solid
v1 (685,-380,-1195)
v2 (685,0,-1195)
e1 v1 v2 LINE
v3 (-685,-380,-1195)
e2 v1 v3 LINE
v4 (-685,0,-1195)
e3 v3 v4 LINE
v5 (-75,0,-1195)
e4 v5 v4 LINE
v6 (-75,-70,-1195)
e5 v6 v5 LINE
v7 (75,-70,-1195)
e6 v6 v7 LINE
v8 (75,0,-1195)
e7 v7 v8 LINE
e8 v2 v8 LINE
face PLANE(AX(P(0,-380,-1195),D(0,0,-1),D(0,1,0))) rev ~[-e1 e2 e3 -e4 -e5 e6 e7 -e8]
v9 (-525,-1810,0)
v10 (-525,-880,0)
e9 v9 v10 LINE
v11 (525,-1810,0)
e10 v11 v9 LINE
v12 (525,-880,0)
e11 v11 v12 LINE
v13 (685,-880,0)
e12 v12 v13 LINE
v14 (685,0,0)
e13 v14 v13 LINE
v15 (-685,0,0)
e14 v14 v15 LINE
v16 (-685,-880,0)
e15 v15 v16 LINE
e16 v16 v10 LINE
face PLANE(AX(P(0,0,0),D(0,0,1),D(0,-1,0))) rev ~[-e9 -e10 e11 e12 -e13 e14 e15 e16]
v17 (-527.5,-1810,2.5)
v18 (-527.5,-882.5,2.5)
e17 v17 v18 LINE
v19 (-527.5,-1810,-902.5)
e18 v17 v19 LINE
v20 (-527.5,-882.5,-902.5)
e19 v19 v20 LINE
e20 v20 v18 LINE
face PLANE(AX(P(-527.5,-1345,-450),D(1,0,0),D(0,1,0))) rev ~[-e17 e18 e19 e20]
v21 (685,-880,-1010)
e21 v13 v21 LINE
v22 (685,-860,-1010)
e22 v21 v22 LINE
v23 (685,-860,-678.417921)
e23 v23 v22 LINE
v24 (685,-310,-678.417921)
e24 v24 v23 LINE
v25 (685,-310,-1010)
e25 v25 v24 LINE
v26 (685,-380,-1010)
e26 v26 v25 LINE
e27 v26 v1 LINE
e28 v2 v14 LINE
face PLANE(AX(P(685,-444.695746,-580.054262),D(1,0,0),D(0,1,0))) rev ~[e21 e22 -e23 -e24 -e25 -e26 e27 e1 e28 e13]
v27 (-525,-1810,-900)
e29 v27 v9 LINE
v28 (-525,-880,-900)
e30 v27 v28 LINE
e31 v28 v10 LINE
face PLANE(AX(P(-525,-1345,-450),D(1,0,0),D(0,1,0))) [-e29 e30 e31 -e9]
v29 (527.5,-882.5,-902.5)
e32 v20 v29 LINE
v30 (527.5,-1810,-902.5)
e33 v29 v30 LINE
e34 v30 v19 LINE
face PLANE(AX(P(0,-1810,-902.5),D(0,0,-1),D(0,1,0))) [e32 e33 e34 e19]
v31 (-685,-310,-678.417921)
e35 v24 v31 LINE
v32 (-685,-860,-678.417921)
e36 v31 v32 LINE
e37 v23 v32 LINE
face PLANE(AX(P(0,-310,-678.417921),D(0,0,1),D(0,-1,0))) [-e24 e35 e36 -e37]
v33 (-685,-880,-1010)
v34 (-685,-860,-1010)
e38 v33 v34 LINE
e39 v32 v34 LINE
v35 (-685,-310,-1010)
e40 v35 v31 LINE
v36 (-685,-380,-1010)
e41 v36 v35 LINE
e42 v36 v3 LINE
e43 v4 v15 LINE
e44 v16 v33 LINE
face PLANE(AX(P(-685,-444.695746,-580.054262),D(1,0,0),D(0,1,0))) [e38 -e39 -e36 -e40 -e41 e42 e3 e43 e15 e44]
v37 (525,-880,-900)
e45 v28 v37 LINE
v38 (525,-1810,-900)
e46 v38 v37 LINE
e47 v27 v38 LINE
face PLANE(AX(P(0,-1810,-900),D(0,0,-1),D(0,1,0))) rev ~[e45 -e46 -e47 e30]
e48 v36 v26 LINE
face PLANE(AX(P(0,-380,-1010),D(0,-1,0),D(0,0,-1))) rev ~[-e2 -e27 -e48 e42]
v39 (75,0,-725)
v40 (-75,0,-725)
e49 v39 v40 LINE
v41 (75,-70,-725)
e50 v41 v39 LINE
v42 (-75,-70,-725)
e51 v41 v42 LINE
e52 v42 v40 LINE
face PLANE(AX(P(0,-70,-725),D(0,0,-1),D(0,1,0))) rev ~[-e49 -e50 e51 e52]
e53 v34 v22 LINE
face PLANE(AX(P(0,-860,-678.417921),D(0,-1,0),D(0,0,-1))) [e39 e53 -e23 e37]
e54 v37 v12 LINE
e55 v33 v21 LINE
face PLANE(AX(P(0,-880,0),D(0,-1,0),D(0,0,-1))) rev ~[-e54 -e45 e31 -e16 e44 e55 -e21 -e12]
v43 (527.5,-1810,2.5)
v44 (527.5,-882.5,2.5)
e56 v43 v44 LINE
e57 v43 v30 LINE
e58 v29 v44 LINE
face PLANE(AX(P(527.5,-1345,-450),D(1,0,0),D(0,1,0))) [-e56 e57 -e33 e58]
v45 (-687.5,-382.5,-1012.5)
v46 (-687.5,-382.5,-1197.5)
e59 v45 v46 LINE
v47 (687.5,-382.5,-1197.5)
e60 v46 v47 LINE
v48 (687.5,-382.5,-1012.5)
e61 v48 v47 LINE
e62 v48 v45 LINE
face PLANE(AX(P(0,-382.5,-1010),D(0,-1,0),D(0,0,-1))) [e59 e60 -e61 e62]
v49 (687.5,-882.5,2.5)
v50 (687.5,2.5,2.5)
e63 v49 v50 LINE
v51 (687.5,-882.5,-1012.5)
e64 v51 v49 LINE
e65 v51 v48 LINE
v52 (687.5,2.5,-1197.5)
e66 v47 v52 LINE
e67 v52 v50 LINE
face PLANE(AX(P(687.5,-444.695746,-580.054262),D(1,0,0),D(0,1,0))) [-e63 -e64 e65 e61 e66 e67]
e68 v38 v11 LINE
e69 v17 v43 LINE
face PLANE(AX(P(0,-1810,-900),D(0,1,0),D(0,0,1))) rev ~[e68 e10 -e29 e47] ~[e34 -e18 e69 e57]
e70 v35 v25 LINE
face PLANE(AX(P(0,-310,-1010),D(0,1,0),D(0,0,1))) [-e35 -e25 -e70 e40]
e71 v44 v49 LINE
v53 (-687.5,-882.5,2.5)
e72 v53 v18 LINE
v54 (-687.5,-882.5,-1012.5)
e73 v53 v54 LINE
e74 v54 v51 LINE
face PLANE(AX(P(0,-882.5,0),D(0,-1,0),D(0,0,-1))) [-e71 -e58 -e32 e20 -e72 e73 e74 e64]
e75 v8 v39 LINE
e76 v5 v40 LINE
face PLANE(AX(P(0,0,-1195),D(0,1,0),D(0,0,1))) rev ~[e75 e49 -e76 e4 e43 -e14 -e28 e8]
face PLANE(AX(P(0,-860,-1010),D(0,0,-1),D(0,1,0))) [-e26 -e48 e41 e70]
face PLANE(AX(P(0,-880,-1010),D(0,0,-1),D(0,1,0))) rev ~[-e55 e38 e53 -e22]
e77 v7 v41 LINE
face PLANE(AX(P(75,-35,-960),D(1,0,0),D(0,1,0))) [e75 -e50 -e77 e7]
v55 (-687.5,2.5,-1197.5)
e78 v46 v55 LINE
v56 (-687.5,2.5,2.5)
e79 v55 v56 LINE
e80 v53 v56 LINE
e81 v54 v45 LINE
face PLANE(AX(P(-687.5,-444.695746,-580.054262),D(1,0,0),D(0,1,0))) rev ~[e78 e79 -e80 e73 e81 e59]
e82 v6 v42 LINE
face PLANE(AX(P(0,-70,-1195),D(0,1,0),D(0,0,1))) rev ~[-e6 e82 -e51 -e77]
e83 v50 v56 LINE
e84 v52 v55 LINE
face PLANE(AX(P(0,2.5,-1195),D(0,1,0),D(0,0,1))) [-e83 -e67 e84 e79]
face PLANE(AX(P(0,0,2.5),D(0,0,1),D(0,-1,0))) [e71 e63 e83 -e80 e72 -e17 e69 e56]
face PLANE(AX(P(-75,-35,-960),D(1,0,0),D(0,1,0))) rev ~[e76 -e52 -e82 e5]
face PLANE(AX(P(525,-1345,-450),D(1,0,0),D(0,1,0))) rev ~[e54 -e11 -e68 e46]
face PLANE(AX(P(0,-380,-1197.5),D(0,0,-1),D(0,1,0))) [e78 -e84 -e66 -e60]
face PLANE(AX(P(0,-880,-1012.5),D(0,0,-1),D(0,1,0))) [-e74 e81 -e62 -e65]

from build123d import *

# Parameters (mm, degrees)
F0_W     = 70
F0_H     = 470
F1_DEPTH = 685
F0_W_2   = 930
F0_H_2   = 900
F2_DEPTH = 525
F3_T     = 2.5
F4_DEPTH = 685
F5_DEPTH = 75


with BuildPart() as f1:
    # F0 (on Right) → F1 (new body, symmetric)
    with BuildSketch(Plane.YZ):
        Polygon((0, -725), (0, 0), (-880, 0), (-880, -900), (-880, -1010), (-860, -1010), (-860, -678.4179210663), (-310, -678.4179210663), (-310, -1010), (-380, -1010), (-380, -1195), (-70, -1195), (-70, -725), align=None)
        with Locations((-35, -960)):
            Rectangle(F0_W, F0_H)
        Polygon((-860, -678.4179210663), (-860, -1010), (-380, -1010), (-310, -1010), (-310, -678.4179210663), align=None)
    extrude(amount=F1_DEPTH, both=True)

    # F0 (on Right) → F2 (join, symmetric)
    with BuildSketch(Plane.YZ):
        with Locations((-1345, -450)):
            Rectangle(F0_W_2, F0_H_2)
    extrude(amount=F2_DEPTH, both=True)

    # F3
    f3_openings = [f1.faces().sort_by_distance(p)[0] for p in [
        (0, -1810, -450),
    ]]
    offset(amount=F3_T, openings=f3_openings, kind=Kind.INTERSECTION)

    # F0 (on Right) → F4 (join, symmetric)
    with BuildSketch(Plane.YZ):
        Polygon((-860, -678.4179210663), (-860, -1010), (-380, -1010), (-310, -1010), (-310, -678.4179210663), align=None)
    extrude(amount=F4_DEPTH, both=True)

    # F0 (on Right) → F5 (join, symmetric)
    with BuildSketch(Plane.YZ):
        with Locations((-35, -960)):
            Rectangle(F0_W, F0_H)
    extrude(amount=F5_DEPTH, both=True)


solid = f1.part
